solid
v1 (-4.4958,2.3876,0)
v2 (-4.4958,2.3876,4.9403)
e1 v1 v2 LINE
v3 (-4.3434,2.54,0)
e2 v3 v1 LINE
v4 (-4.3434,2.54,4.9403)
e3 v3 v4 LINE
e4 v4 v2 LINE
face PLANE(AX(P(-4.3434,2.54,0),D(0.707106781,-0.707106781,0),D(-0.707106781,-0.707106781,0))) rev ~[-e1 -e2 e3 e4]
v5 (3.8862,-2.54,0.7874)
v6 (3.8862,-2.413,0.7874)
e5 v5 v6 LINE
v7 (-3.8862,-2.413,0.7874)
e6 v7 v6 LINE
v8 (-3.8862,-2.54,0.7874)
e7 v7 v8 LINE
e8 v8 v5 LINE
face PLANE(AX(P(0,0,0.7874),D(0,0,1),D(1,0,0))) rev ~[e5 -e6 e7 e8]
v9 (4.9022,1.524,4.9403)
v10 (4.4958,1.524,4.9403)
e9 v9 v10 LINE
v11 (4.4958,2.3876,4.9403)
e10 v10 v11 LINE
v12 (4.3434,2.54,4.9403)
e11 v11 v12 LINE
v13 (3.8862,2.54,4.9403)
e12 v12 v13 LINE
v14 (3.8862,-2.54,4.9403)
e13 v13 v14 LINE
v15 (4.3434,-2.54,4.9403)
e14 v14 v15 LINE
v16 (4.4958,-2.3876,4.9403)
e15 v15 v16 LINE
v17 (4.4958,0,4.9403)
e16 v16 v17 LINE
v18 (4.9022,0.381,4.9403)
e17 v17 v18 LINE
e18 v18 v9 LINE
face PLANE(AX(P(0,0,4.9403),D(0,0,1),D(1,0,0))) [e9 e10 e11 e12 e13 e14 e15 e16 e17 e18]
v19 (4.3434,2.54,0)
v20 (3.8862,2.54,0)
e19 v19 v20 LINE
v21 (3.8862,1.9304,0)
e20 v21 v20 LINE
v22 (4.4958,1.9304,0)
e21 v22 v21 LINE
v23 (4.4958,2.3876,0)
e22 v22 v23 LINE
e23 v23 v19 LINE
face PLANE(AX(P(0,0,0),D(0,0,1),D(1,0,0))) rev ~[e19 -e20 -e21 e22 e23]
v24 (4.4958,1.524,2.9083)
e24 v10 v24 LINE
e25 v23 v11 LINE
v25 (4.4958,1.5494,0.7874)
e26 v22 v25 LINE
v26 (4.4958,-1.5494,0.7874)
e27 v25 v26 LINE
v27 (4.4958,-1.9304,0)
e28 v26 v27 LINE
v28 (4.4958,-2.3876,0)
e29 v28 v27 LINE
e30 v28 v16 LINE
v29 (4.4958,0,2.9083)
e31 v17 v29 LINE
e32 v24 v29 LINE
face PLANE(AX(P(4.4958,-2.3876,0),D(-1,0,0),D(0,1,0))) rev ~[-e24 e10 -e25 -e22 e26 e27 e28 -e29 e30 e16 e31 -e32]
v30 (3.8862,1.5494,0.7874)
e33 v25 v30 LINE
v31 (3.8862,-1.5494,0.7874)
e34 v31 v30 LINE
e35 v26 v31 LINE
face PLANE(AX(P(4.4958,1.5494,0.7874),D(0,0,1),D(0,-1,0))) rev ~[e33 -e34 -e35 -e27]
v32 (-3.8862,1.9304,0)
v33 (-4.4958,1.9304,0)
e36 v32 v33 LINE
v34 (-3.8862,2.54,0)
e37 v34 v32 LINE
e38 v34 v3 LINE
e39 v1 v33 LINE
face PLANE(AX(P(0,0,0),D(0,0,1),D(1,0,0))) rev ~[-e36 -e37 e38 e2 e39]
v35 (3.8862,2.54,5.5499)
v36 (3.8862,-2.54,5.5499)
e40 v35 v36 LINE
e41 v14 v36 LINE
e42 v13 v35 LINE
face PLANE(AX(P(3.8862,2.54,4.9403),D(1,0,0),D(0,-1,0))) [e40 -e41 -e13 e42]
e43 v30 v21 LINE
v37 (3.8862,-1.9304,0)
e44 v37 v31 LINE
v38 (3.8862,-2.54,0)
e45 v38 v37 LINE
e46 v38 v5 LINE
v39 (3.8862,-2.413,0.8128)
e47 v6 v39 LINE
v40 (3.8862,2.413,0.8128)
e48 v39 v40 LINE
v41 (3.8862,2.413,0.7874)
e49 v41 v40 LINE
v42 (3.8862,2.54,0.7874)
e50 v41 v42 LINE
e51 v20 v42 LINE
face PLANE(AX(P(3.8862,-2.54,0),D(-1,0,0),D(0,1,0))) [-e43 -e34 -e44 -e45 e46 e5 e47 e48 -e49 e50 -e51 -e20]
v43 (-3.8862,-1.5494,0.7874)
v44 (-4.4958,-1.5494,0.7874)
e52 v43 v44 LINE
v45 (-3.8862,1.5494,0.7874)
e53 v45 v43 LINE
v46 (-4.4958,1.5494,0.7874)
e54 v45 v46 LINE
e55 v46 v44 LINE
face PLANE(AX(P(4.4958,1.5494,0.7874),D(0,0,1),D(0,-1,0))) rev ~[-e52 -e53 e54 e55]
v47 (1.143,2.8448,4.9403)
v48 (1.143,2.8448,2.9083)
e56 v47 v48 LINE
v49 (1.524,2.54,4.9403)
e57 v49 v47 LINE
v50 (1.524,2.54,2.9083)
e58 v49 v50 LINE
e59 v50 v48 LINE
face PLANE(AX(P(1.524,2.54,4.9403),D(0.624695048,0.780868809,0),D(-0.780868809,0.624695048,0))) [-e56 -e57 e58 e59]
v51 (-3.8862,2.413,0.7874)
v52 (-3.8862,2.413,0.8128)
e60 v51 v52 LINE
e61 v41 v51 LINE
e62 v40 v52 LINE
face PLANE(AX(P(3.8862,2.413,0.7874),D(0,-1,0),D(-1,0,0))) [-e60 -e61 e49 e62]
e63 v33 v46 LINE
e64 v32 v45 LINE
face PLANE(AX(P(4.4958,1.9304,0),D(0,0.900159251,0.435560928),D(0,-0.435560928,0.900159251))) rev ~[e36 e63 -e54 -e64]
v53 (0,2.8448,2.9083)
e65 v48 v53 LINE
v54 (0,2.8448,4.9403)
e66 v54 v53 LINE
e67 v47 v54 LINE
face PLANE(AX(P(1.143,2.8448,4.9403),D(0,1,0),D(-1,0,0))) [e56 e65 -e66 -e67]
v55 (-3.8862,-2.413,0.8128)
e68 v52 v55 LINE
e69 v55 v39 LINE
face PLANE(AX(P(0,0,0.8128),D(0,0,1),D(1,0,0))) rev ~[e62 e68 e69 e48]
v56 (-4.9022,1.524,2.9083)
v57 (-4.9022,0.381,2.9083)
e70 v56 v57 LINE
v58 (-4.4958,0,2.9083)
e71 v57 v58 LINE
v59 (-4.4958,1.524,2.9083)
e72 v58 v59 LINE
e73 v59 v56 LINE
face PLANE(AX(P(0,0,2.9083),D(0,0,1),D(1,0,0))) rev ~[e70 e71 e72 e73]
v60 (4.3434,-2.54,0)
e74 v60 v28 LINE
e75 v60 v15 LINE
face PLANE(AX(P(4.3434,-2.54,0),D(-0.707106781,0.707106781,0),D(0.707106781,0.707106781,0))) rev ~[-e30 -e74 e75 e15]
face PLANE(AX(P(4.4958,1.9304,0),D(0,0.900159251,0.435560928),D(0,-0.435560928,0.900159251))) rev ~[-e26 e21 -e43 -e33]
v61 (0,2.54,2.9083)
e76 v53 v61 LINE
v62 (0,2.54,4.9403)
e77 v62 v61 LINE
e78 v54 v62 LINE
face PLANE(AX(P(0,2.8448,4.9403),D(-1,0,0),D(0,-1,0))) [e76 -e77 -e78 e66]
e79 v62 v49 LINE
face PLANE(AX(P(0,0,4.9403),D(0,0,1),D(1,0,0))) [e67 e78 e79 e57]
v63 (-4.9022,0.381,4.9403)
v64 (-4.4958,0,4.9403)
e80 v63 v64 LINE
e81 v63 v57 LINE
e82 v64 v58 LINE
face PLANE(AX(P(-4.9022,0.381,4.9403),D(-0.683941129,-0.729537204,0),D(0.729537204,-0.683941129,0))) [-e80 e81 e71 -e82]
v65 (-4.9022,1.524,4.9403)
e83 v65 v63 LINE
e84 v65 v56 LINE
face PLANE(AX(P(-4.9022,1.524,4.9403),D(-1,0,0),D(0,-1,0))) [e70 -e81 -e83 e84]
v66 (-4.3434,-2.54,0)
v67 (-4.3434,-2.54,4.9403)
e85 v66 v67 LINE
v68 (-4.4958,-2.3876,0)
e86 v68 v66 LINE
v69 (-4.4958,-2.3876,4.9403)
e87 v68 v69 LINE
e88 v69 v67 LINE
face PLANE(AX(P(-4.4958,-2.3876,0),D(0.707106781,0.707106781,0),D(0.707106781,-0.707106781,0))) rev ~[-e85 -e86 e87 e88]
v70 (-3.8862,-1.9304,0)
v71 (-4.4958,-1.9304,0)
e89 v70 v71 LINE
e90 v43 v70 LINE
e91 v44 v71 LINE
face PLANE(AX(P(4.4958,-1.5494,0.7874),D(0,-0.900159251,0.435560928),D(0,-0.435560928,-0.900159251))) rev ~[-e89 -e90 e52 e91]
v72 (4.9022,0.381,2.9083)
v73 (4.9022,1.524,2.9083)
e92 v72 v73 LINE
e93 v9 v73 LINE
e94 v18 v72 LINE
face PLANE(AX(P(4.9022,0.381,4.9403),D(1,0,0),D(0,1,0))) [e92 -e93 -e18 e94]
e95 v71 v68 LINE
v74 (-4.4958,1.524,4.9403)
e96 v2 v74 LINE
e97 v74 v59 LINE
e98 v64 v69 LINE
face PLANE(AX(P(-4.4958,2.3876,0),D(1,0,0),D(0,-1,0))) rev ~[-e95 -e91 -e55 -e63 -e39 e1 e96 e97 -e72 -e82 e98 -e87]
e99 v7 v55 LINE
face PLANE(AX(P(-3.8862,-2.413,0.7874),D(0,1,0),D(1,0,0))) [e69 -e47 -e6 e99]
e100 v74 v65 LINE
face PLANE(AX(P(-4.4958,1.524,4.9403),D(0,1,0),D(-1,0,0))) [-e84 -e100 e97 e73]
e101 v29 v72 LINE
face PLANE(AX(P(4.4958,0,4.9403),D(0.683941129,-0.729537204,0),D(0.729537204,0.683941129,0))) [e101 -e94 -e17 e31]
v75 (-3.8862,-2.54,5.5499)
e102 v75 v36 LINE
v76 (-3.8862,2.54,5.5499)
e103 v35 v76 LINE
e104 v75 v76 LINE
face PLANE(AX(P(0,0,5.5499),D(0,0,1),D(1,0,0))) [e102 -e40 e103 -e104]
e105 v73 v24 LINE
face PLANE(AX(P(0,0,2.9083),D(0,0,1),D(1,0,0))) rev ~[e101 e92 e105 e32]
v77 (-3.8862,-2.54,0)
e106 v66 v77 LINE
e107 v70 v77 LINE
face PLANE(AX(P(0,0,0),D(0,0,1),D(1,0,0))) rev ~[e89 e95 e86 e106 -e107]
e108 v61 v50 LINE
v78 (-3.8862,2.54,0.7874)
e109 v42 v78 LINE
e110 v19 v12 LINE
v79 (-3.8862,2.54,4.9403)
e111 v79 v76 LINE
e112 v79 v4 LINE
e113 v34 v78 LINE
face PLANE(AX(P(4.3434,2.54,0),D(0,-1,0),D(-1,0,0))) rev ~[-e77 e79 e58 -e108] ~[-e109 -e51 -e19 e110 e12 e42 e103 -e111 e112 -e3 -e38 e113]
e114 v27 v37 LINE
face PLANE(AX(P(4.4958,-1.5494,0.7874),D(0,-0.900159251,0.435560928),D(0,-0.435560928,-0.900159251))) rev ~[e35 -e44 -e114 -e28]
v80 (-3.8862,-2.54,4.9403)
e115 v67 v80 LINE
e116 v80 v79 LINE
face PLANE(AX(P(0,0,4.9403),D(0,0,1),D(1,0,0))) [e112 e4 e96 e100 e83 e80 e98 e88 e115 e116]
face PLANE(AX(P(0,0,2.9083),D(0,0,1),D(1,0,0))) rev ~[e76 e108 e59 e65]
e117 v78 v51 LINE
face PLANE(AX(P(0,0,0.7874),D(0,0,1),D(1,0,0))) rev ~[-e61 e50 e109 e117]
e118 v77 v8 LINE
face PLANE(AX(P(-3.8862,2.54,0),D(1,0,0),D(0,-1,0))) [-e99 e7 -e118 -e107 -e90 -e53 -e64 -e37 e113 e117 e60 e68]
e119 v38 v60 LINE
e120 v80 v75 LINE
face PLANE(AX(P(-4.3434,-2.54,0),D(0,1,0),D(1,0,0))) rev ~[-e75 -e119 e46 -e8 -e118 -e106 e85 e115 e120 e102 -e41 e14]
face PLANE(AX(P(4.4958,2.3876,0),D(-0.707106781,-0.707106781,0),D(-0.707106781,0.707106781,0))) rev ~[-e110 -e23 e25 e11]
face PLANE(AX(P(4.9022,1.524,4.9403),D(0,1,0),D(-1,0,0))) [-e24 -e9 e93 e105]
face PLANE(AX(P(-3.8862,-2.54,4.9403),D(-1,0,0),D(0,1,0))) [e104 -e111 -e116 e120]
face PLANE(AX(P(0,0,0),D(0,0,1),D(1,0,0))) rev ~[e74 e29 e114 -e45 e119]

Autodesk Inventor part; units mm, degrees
sketch "Sketch_1" plane through (0, 0, 0) normal (0, 0, 1) x (1, 0, 0)
  line L0 (-4.4958, -2.3876) -> (-4.3434, -2.54)
  line L1 (-4.3434, -2.54) -> (4.3434, -2.54)
  line L2 (4.3434, -2.54) -> (4.4958, -2.3876)
  line L3 (4.4958, -2.3876) -> (4.4958, 2.3876)
  line L4 (4.4958, 2.3876) -> (4.3434, 2.54)
  line L5 (4.3434, 2.54) -> (-4.3434, 2.54)
  line L6 (-4.3434, 2.54) -> (-4.4958, 2.3876)
  line L7 (-4.4958, 2.3876) -> (-4.4958, -2.3876)
extrude "Extrusion1" add sketch "Sketch_1" along normal blind 5.5499
sketch "Sketch_2" plane through (0, 0, 0) normal (0, 0, 1) x (1, 0, 0)
  line L0 (-3.8862, 2.54) -> (-3.8862, -2.54)
  line L1 (-3.8862, -2.54) -> (3.8862, -2.54)
  line L2 (3.8862, -2.54) -> (3.8862, 2.54)
  line L3 (3.8862, 2.54) -> (-3.8862, 2.54)
extrude "Extrusion2" cut sketch "Sketch_2" along normal blind 0.7874
sketch "Sketch_14" plane through (0, 0, 0.7874) normal (0, 0, 1) x (1, 0, 0)
  line L0 (-3.8862, 2.413) -> (-3.8862, -2.413)
  line L1 (-3.8862, -2.413) -> (3.8862, -2.413)
  line L2 (3.8862, -2.413) -> (3.8862, 2.413)
  line L3 (3.8862, 2.413) -> (-3.8862, 2.413)
extrude "Extrusion3" cut sketch "Sketch_14" along normal blind 0.0254
sketch "Sketch_3" plane through (4.4958, 0, 0) normal (1, 0, 0) x (0, 0, -1)
  line L0 (-0.7874, 1.5494) -> (-0.7874, -1.5494)
  line L1 (-0.7874, -1.5494) -> (0, -1.9304)
  line L2 (0, -1.9304) -> (0, 1.9304)
  line L3 (0, 1.9304) -> (-0.7874, 1.5494)
extrude "Extrusion4" cut sketch "Sketch_3" against normal blind 8.9916
sketch "Sketch_4" plane through (0, 0, 4.9403) normal (0, 0, 1) x (1, 0, 0)
  line L0 (3.8862, 2.54) -> (3.8862, -2.54)
  line L1 (3.8862, -2.54) -> (4.4958, -2.54)
  line L2 (4.4958, -2.54) -> (4.4958, 2.54)
  line L3 (4.4958, 2.54) -> (3.8862, 2.54)
extrude "Extrusion5" cut sketch "Sketch_4" along normal blind 0.6096
sketch "Sketch_5" plane through (0, 0, 4.9403) normal (0, 0, 1) x (1, 0, 0)
  line L0 (-4.4958, 2.54) -> (-4.4958, -2.54)
  line L1 (-4.4958, -2.54) -> (-3.8862, -2.54)
  line L2 (-3.8862, -2.54) -> (-3.8862, 2.54)
  line L3 (-3.8862, 2.54) -> (-4.4958, 2.54)
extrude "Extrusion6" cut sketch "Sketch_5" along normal blind 0.6096
sketch "Sketch_6" plane through (0, 0, 4.9403) normal (0, 0, 1) x (1, 0, 0)
  line L0 (4.4958, 0) -> (4.9022, 0.381)
  line L1 (4.9022, 0.381) -> (4.9022, 1.524)
  line L2 (4.9022, 1.524) -> (4.4958, 1.524)
  line L3 (4.4958, 1.524) -> (4.4958, 0)
extrude "Extrusion7" add sketch "Sketch_6" against normal blind 2.032
sketch "Sketch_7" plane through (0, 0, 4.9403) normal (0, 0, 1) x (1, 0, 0)
  line L0 (-4.9022, 0.381) -> (-4.4958, 0)
  line L1 (-4.4958, 0) -> (-4.4958, 1.524)
  line L2 (-4.4958, 1.524) -> (-4.9022, 1.524)
  line L3 (-4.9022, 1.524) -> (-4.9022, 0.381)
extrude "Extrusion8" add sketch "Sketch_7" against normal blind 2.032
sketch "Sketch_8" plane through (0, 0, 4.9403) normal (0, 0, 1) x (1, 0, 0)
  line L0 (0, 2.8448) -> (0, 2.54)
  line L1 (0, 2.54) -> (1.524, 2.54)
  line L2 (1.524, 2.54) -> (1.143, 2.8448)
  line L3 (1.143, 2.8448) -> (0, 2.8448)
extrude "Extrusion9" add sketch "Sketch_8" against normal blind 2.032
ref_plane "body1_right_XY" through (0, 0, 5.5499) normal (0, 0, -1) x (1, 0, 0)
ref_plane "body1_right_YZ" through (0, 0, 5.5499) normal (1, 0, 0) x (0, -1, 0)
ref_plane "body1_right_ZX" through (0, 0, 5.5499) normal (0, -1, 0) x (0, 0, -1)
ref_plane "cp_bracker_right_XY" through (0, -2.54, 4.9403) normal (0, 1, 0) x (1, 0, 0)
ref_plane "cp_bracker_right_YZ" through (0, -2.54, 4.9403) normal (1, 0, 0) x (0, 0, -1)
ref_plane "cp_bracker_right_ZX" through (0, -2.54, 4.9403) normal (0, 0, -1) x (0, 1, 0)
ref_plane "dummy_right_XY" through (-4.4958, -2.54, 0) normal (0, 1, 0) x (1, 0, 0)
ref_plane "dummy_right_YZ" through (-4.4958, -2.54, 0) normal (1, 0, 0) x (0, 0, -1)
ref_plane "dummy_right_ZX" through (-4.4958, -2.54, 0) normal (0, 0, -1) x (0, 1, 0)
ref_plane "terminal_h_XY" through (0, 0, 0.8636) normal (0, 0, 1) x (1, 0, 0)
ref_plane "terminal_h_YZ" through (0, 0, 0.8636) normal (1, 0, 0) x (0, 1, 0)
ref_plane "terminal_h_ZX" through (0, 0, 0.8636) normal (0, 1, 0) x (0, 0, 1)
properties part number "AS11CHright12"
